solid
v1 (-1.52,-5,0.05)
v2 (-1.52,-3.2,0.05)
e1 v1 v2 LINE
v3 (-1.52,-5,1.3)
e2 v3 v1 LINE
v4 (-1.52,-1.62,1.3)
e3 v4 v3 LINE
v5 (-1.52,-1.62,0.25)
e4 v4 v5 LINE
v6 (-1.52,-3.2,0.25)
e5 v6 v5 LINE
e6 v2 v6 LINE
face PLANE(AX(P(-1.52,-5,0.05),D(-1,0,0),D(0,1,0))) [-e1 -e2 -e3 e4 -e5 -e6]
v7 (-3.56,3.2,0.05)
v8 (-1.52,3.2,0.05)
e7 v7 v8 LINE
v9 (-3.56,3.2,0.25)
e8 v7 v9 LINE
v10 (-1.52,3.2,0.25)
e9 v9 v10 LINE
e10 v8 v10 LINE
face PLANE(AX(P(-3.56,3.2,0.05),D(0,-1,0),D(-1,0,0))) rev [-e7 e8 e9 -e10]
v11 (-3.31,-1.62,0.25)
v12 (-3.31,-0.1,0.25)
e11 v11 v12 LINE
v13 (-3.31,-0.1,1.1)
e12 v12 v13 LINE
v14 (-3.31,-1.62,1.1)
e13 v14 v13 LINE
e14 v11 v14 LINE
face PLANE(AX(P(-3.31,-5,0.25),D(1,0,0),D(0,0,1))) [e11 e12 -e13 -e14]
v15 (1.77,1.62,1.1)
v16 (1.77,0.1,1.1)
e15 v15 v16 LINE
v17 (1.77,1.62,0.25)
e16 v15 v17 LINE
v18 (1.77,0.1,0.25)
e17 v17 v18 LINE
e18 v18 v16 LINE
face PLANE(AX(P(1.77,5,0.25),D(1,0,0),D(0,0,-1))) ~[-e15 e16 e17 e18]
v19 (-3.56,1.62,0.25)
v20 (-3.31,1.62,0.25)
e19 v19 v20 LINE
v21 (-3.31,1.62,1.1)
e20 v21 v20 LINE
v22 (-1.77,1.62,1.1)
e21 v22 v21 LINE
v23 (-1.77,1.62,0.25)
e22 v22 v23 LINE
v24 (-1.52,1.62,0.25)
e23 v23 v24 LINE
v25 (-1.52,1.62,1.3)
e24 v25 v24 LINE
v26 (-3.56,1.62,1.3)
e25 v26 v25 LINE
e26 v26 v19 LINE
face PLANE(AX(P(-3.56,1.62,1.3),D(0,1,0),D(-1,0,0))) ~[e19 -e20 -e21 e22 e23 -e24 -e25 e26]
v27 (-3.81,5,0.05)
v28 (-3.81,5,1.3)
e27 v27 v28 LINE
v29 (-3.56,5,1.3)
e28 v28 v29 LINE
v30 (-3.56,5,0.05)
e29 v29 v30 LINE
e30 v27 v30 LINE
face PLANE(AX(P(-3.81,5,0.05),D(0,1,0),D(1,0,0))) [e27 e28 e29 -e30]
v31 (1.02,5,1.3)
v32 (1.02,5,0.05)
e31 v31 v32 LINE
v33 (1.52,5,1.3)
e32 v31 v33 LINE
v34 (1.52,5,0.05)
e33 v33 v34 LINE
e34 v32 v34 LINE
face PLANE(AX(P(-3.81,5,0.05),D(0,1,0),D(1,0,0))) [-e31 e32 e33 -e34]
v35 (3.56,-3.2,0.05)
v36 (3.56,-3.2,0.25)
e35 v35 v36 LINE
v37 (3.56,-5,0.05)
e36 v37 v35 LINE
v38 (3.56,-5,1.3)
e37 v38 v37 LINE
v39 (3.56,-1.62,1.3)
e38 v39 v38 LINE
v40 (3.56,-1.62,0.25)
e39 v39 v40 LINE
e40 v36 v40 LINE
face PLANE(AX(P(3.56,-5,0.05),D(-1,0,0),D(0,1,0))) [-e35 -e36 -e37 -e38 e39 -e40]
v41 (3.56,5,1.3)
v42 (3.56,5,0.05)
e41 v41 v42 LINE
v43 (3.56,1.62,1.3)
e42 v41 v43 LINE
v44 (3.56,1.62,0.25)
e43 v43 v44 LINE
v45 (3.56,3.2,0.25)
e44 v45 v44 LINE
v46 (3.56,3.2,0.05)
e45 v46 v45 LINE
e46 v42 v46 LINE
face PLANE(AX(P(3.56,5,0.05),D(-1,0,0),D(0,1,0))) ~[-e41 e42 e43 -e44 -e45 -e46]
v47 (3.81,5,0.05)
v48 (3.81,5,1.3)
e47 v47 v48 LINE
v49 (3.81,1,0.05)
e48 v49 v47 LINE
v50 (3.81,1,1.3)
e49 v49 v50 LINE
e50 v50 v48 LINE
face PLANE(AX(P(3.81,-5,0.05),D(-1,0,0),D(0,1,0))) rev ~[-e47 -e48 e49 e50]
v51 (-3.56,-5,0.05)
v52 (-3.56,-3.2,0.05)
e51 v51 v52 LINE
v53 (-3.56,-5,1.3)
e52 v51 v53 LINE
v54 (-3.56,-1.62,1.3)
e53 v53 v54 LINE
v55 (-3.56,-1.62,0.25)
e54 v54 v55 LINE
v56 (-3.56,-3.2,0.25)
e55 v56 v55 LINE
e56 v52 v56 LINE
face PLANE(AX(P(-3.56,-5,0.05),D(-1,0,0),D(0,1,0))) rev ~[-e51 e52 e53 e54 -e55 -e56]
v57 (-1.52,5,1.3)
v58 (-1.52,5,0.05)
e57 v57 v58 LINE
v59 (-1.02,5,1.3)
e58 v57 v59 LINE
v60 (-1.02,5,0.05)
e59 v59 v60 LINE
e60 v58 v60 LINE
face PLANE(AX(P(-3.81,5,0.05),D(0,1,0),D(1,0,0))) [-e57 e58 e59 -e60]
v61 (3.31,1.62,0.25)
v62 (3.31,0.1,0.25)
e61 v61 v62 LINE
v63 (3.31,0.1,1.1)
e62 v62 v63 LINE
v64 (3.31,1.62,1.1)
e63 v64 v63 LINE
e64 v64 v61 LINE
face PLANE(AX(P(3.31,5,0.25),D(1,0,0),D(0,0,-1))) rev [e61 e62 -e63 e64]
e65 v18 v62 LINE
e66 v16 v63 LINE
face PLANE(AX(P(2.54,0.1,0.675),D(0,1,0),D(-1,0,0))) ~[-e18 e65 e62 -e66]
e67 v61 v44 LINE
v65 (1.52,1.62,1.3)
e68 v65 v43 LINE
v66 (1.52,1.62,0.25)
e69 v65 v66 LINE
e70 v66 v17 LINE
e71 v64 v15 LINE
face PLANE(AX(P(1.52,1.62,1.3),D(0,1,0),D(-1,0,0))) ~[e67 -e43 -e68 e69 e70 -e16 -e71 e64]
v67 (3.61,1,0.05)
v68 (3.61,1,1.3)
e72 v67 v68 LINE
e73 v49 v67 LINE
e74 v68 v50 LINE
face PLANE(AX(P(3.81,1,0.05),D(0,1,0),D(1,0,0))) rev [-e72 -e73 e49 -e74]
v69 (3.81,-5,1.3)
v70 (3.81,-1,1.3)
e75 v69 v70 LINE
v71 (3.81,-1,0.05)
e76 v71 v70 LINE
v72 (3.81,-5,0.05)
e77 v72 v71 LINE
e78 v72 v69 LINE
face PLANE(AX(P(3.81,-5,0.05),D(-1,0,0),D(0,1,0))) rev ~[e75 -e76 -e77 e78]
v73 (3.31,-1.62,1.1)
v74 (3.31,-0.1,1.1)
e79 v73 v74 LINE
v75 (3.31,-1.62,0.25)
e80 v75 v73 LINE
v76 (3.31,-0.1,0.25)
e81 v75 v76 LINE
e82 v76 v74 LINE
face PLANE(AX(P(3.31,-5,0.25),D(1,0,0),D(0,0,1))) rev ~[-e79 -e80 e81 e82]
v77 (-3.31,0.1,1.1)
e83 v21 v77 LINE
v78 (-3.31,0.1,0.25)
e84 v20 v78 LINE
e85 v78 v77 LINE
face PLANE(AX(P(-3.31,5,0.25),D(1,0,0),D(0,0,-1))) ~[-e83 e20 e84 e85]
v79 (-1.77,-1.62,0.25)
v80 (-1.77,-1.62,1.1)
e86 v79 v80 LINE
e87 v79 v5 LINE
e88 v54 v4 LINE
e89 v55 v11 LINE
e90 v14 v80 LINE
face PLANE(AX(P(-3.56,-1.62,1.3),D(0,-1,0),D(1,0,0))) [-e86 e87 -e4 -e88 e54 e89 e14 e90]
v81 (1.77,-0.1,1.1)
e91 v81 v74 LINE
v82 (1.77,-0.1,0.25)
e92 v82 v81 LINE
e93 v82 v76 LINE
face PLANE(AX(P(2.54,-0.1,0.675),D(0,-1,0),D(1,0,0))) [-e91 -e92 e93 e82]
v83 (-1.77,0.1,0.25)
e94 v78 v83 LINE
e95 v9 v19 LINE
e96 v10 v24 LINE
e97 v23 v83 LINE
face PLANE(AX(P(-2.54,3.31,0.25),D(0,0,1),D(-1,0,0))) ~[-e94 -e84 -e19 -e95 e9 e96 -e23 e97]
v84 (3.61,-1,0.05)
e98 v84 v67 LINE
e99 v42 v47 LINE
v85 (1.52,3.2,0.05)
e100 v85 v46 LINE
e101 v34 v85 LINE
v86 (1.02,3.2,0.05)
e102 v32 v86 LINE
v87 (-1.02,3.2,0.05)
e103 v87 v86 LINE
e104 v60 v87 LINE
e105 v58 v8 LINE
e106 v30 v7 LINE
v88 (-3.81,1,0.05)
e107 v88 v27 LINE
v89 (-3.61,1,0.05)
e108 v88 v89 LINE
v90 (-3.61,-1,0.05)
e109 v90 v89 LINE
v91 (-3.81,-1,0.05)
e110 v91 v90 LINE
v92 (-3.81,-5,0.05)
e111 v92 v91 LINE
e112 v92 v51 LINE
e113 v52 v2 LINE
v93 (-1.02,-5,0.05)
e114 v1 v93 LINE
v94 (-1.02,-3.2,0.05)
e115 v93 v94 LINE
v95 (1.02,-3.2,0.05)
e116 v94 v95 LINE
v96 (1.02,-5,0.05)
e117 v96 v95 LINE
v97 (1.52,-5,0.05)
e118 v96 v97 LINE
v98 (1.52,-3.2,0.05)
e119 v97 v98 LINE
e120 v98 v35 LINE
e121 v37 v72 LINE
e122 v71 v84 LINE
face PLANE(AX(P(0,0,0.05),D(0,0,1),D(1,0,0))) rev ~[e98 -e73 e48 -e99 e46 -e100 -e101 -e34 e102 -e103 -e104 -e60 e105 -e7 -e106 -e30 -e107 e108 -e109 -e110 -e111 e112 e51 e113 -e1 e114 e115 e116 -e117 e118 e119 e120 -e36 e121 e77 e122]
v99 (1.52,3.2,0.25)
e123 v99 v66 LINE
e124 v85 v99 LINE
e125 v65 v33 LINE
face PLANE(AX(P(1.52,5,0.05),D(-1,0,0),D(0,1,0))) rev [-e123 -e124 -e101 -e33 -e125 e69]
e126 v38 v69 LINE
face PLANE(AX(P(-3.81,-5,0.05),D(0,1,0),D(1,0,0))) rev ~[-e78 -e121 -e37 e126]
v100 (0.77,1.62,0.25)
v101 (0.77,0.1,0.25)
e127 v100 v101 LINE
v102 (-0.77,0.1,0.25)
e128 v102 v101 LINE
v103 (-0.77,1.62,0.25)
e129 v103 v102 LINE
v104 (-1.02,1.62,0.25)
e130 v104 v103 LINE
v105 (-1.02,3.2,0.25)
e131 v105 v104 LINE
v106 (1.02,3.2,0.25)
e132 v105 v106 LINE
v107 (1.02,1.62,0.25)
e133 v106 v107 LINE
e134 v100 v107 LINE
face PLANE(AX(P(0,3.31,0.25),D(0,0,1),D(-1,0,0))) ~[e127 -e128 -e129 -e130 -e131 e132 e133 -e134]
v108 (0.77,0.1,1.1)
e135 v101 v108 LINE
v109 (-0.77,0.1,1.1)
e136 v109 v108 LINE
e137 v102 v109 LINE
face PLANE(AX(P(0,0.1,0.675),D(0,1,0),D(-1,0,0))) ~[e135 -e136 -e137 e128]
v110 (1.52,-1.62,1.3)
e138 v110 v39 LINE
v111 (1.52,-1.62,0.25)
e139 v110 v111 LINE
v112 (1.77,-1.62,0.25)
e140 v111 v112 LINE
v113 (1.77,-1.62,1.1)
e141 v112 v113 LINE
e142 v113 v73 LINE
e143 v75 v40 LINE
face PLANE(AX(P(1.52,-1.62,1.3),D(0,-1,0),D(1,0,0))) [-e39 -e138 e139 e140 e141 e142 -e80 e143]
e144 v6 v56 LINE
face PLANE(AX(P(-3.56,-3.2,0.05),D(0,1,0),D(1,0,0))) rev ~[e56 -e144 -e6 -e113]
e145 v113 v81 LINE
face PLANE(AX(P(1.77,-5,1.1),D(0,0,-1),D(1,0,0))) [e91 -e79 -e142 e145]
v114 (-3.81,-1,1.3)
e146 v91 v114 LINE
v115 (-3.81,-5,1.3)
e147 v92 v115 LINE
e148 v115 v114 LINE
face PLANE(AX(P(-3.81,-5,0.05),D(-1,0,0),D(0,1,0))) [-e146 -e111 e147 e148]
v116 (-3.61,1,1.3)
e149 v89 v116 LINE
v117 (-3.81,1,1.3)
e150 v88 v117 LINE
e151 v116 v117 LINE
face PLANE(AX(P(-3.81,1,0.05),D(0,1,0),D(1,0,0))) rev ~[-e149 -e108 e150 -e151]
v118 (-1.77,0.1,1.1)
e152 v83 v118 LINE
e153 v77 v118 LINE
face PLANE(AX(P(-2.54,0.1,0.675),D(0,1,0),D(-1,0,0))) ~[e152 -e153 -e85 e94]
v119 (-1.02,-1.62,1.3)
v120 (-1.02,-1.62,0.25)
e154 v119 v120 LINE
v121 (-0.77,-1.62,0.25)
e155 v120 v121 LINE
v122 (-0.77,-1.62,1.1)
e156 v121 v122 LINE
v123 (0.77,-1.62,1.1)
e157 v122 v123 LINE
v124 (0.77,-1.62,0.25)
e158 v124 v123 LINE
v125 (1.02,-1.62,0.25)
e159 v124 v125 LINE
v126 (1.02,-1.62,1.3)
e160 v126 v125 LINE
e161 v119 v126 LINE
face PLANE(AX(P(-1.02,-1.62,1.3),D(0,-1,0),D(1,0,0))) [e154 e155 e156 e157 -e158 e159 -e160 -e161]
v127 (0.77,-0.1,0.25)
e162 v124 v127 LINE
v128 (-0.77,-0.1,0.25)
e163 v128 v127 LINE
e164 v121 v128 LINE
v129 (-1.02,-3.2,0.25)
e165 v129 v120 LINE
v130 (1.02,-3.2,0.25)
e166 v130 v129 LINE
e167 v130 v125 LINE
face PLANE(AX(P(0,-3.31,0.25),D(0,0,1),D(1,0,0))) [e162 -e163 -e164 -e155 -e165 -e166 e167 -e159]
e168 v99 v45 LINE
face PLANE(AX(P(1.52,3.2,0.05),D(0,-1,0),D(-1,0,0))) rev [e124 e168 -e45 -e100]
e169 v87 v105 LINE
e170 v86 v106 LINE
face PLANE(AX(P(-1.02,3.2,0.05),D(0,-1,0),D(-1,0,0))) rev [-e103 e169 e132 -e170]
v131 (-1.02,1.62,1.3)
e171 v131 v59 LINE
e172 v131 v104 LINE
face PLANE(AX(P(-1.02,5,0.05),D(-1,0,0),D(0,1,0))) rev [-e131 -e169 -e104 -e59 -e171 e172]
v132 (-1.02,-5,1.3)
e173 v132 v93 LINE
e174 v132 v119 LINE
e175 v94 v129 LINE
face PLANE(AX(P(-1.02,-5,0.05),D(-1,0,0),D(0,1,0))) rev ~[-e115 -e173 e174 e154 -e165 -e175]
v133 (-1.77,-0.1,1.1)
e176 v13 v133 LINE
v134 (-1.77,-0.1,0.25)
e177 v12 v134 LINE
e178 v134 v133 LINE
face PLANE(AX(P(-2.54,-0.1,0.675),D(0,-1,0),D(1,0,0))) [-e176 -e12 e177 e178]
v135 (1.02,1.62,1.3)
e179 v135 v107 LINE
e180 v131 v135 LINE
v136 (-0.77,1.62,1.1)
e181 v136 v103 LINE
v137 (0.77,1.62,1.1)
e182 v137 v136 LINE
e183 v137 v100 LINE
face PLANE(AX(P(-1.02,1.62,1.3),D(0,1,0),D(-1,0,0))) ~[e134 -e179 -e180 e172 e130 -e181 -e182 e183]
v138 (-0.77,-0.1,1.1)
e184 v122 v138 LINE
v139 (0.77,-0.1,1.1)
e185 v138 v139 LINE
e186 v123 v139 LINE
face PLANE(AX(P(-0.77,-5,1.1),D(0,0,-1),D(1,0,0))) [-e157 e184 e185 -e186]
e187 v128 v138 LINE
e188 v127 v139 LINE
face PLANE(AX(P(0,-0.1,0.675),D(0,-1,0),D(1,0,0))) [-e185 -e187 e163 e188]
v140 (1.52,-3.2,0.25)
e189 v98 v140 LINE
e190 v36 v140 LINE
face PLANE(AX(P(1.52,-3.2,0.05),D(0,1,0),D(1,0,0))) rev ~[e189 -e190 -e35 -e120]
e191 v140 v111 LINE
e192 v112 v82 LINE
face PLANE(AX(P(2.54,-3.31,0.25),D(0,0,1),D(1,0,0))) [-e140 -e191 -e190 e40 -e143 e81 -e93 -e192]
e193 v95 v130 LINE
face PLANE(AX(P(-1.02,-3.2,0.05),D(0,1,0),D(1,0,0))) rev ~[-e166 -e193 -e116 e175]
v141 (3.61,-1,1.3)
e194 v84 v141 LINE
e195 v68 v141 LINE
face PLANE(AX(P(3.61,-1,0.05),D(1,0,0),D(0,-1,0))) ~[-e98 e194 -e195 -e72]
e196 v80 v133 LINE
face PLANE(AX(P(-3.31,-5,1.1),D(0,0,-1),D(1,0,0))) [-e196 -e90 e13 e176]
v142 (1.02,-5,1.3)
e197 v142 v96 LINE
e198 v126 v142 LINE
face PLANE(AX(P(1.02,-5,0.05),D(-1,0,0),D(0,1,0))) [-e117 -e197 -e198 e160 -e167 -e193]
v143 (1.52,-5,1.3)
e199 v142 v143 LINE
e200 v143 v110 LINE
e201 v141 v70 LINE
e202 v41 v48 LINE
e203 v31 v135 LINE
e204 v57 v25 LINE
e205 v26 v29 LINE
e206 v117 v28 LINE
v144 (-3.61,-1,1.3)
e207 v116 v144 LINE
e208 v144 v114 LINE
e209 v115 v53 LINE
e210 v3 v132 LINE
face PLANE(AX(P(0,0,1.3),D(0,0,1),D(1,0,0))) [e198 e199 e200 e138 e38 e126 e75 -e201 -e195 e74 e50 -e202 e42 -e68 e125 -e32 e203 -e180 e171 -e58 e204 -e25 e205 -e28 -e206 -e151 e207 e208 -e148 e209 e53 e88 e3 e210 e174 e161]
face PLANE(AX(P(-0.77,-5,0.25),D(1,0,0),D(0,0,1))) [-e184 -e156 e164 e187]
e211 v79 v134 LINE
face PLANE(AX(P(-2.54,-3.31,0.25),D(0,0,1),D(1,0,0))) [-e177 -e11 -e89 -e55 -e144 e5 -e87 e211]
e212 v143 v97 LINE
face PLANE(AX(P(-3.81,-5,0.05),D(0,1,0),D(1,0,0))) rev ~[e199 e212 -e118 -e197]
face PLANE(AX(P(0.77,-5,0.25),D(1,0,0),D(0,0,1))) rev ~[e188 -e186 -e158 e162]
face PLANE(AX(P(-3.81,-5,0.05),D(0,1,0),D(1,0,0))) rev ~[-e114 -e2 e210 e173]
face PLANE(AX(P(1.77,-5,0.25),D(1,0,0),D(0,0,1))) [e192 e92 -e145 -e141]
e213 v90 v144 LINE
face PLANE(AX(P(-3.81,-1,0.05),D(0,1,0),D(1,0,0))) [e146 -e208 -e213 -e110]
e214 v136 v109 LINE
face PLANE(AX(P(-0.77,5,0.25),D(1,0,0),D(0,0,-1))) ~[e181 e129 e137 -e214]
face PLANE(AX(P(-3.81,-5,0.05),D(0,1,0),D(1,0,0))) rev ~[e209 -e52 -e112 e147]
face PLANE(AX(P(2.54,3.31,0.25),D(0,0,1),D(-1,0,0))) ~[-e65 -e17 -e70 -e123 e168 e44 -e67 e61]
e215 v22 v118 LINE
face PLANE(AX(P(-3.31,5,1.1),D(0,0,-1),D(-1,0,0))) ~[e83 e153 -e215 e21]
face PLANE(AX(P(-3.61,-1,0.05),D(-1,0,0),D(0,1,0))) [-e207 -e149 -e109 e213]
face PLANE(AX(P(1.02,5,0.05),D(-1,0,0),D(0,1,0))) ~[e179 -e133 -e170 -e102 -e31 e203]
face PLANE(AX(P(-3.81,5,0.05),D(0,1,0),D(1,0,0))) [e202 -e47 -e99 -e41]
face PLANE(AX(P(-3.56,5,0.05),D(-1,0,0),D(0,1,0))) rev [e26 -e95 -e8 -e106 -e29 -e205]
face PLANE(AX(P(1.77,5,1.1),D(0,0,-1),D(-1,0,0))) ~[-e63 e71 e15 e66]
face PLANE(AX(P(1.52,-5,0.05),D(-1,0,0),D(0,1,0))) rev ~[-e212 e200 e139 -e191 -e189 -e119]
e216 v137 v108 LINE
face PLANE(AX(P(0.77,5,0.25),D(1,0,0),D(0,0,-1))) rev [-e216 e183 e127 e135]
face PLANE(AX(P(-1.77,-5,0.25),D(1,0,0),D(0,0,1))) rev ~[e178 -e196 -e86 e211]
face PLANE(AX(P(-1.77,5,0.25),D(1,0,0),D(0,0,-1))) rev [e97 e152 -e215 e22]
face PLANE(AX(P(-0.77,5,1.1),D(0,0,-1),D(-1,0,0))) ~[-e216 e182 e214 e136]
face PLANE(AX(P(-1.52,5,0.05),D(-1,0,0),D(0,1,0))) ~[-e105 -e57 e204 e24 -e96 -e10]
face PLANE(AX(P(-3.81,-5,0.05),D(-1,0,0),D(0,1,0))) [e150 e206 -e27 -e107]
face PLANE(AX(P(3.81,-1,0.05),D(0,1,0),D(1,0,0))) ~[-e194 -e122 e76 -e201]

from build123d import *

# Parameters (mm, degrees)
SKETCH_W                           = 7.62
SKETCH_H                           = 10
PAD_DEPTH                          = 1.25
SKETCH001_W                        = 2.04
SKETCH001_H                        = 1.8
POCKET_DEPTH                       = 26.519708
SKETCH001_LINEARPATTERN_2_W        = 2.04
SKETCH001_LINEARPATTERN_2_H        = 1.8
POCKET_LINEARPATTERN_2_DEPTH       = 26.519708
SKETCH001_LINEARPATTERN_3_W        = 2.04
SKETCH001_LINEARPATTERN_3_H        = 1.8
POCKET_LINEARPATTERN_3_DEPTH       = 26.519708
SKETCH002_W                        = 2.04
SKETCH002_H                        = 3.38
POCKET001_DEPTH                    = 1.05
SKETCH002_LINEARPATTERN001_2_W     = 2.04
SKETCH002_LINEARPATTERN001_2_H     = 3.38
POCKET001_LINEARPATTERN001_2_DEPTH = 1.05
SKETCH002_LINEARPATTERN001_3_W     = 2.04
SKETCH002_LINEARPATTERN001_3_H     = 3.38
POCKET001_LINEARPATTERN001_3_DEPTH = 1.05
SKETCH003_W                        = 1.54
SKETCH003_H                        = 0.85
POCKET002_DEPTH                    = 4.9
SKETCH003_LINEARPATTERN002_2_W     = 1.54
SKETCH003_LINEARPATTERN002_2_H     = 0.85
POCKET002_LINEARPATTERN002_2_DEPTH = 4.9
SKETCH003_LINEARPATTERN002_3_W     = 1.54
SKETCH003_LINEARPATTERN002_3_H     = 0.85
POCKET002_LINEARPATTERN002_3_DEPTH = 4.9
SKETCH005_W                        = 0.2
SKETCH005_H                        = 2
POCKET003_DEPTH                    = 26.519708


with BuildPart() as part:
    # Sketch → Pad (new body)
    with BuildSketch(Plane.XY):
        Rectangle(SKETCH_W, SKETCH_H)
    extrude(amount=PAD_DEPTH)

    # Sketch001 → Pocket (cut, through all)
    with BuildSketch(Plane.XY):
        with Locations((-2.54, -4.1)):
            Rectangle(SKETCH001_W, SKETCH001_H)
    pocket = extrude(amount=POCKET_DEPTH, mode=Mode.SUBTRACT)

    # Sketch001 LinearPattern 2 → Pocket LinearPattern 2 (cut, through all)
    with BuildSketch(Plane(origin=(2.54, 0, 0), x_dir=(1, 0, 0), z_dir=(0, 0, 1))):
        with Locations((-2.54, -4.1)):
            Rectangle(SKETCH001_LINEARPATTERN_2_W, SKETCH001_LINEARPATTERN_2_H)
    pocket_linearpattern_2 = extrude(amount=POCKET_LINEARPATTERN_2_DEPTH, mode=Mode.SUBTRACT)

    # Sketch001 LinearPattern 3 → Pocket LinearPattern 3 (cut, through all)
    with BuildSketch(Plane(origin=(5.08, 0, 0), x_dir=(1, 0, 0), z_dir=(0, 0, 1))):
        with Locations((-2.54, -4.1)):
            Rectangle(SKETCH001_LINEARPATTERN_3_W, SKETCH001_LINEARPATTERN_3_H)
    pocket_linearpattern_3 = extrude(amount=POCKET_LINEARPATTERN_3_DEPTH, mode=Mode.SUBTRACT)

    # Mirrored: Pocket, Pocket LinearPattern 2, Pocket LinearPattern 3 across Sketch001 H_Axis
    add(pocket.mirror(Plane.ZX), mode=Mode.SUBTRACT)
    add(pocket_linearpattern_2.mirror(Plane.ZX), mode=Mode.SUBTRACT)
    add(pocket_linearpattern_3.mirror(Plane.ZX), mode=Mode.SUBTRACT)

    # Sketch002 → Pocket001 (cut)
    with BuildSketch(Plane.XY.offset(1.25)):
        with Locations((-2.54, -3.31)):
            Rectangle(SKETCH002_W, SKETCH002_H)
    pocket001 = extrude(amount=-POCKET001_DEPTH, mode=Mode.SUBTRACT)

    # Sketch002 LinearPattern001 2 → Pocket001 LinearPattern001 2 (cut)
    with BuildSketch(Plane(origin=(2.54, 0, 1.25), x_dir=(1, 0, 0), z_dir=(0, 0, 1))):
        with Locations((-2.54, -3.31)):
            Rectangle(SKETCH002_LINEARPATTERN001_2_W, SKETCH002_LINEARPATTERN001_2_H)
    pocket001_linearpattern001_2 = extrude(amount=-POCKET001_LINEARPATTERN001_2_DEPTH, mode=Mode.SUBTRACT)

    # Sketch002 LinearPattern001 3 → Pocket001 LinearPattern001 3 (cut)
    with BuildSketch(Plane(origin=(5.08, 0, 1.25), x_dir=(1, 0, 0), z_dir=(0, 0, 1))):
        with Locations((-2.54, -3.31)):
            Rectangle(SKETCH002_LINEARPATTERN001_3_W, SKETCH002_LINEARPATTERN001_3_H)
    pocket001_linearpattern001_3 = extrude(amount=-POCKET001_LINEARPATTERN001_3_DEPTH, mode=Mode.SUBTRACT)

    # Mirrored001: Pocket001, Pocket001 LinearPattern001 2, Pocket001 LinearPattern001 3 across Sketch002 H_Axis
    add(pocket001.mirror(Plane(origin=(0, 0, 1.25), x_dir=(0, 0, 1), z_dir=(0, 1, 0))), mode=Mode.SUBTRACT)
    add(pocket001_linearpattern001_2.mirror(Plane(origin=(0, 0, 1.25), x_dir=(0, 0, 1), z_dir=(0, 1, 0))), mode=Mode.SUBTRACT)
    add(pocket001_linearpattern001_3.mirror(Plane(origin=(0, 0, 1.25), x_dir=(0, 0, 1), z_dir=(0, 1, 0))), mode=Mode.SUBTRACT)

    # Sketch003 → Pocket002 (cut)
    with BuildSketch(Plane.XZ.offset(5)):
        with Locations((-2.54, 0.625)):
            Rectangle(SKETCH003_W, SKETCH003_H)
    pocket002 = extrude(amount=-POCKET002_DEPTH, mode=Mode.SUBTRACT)

    # Sketch003 LinearPattern002 2 → Pocket002 LinearPattern002 2 (cut)
    with BuildSketch(Plane(origin=(2.54, -5, 0), x_dir=(1, 0, 0), z_dir=(0, -1, 0))):
        with Locations((-2.54, 0.625)):
            Rectangle(SKETCH003_LINEARPATTERN002_2_W, SKETCH003_LINEARPATTERN002_2_H)
    pocket002_linearpattern002_2 = extrude(amount=-POCKET002_LINEARPATTERN002_2_DEPTH, mode=Mode.SUBTRACT)

    # Sketch003 LinearPattern002 3 → Pocket002 LinearPattern002 3 (cut)
    with BuildSketch(Plane(origin=(5.08, -5, 0), x_dir=(1, 0, 0), z_dir=(0, -1, 0))):
        with Locations((-2.54, 0.625)):
            Rectangle(SKETCH003_LINEARPATTERN002_3_W, SKETCH003_LINEARPATTERN002_3_H)
    pocket002_linearpattern002_3 = extrude(amount=-POCKET002_LINEARPATTERN002_3_DEPTH, mode=Mode.SUBTRACT)

    # Mirrored002: Pocket002, Pocket002 LinearPattern002 2, Pocket002 LinearPattern002 3 across XZ
    add(pocket002.mirror(Plane.XZ), mode=Mode.SUBTRACT)
    add(pocket002_linearpattern002_2.mirror(Plane.XZ), mode=Mode.SUBTRACT)
    add(pocket002_linearpattern002_3.mirror(Plane.XZ), mode=Mode.SUBTRACT)

    # Sketch005 → Pocket003 (cut, through all)
    with BuildSketch(Plane.XY):
        with Locations((-3.71, 0)):
            Rectangle(SKETCH005_W, SKETCH005_H)
    pocket003 = extrude(amount=POCKET003_DEPTH, mode=Mode.SUBTRACT)

    # Mirrored003: Pocket003 across Sketch005 V_Axis
    add(pocket003.mirror(Plane(origin=(0, 0, 0), x_dir=(0, 0, 1), z_dir=(1, 0, 0))), mode=Mode.SUBTRACT)


with BuildPart() as part_1:
    # Body placement: moved
    add(part.part.moved(Location((0, 0, 0.05))))


solid = part_1.part
